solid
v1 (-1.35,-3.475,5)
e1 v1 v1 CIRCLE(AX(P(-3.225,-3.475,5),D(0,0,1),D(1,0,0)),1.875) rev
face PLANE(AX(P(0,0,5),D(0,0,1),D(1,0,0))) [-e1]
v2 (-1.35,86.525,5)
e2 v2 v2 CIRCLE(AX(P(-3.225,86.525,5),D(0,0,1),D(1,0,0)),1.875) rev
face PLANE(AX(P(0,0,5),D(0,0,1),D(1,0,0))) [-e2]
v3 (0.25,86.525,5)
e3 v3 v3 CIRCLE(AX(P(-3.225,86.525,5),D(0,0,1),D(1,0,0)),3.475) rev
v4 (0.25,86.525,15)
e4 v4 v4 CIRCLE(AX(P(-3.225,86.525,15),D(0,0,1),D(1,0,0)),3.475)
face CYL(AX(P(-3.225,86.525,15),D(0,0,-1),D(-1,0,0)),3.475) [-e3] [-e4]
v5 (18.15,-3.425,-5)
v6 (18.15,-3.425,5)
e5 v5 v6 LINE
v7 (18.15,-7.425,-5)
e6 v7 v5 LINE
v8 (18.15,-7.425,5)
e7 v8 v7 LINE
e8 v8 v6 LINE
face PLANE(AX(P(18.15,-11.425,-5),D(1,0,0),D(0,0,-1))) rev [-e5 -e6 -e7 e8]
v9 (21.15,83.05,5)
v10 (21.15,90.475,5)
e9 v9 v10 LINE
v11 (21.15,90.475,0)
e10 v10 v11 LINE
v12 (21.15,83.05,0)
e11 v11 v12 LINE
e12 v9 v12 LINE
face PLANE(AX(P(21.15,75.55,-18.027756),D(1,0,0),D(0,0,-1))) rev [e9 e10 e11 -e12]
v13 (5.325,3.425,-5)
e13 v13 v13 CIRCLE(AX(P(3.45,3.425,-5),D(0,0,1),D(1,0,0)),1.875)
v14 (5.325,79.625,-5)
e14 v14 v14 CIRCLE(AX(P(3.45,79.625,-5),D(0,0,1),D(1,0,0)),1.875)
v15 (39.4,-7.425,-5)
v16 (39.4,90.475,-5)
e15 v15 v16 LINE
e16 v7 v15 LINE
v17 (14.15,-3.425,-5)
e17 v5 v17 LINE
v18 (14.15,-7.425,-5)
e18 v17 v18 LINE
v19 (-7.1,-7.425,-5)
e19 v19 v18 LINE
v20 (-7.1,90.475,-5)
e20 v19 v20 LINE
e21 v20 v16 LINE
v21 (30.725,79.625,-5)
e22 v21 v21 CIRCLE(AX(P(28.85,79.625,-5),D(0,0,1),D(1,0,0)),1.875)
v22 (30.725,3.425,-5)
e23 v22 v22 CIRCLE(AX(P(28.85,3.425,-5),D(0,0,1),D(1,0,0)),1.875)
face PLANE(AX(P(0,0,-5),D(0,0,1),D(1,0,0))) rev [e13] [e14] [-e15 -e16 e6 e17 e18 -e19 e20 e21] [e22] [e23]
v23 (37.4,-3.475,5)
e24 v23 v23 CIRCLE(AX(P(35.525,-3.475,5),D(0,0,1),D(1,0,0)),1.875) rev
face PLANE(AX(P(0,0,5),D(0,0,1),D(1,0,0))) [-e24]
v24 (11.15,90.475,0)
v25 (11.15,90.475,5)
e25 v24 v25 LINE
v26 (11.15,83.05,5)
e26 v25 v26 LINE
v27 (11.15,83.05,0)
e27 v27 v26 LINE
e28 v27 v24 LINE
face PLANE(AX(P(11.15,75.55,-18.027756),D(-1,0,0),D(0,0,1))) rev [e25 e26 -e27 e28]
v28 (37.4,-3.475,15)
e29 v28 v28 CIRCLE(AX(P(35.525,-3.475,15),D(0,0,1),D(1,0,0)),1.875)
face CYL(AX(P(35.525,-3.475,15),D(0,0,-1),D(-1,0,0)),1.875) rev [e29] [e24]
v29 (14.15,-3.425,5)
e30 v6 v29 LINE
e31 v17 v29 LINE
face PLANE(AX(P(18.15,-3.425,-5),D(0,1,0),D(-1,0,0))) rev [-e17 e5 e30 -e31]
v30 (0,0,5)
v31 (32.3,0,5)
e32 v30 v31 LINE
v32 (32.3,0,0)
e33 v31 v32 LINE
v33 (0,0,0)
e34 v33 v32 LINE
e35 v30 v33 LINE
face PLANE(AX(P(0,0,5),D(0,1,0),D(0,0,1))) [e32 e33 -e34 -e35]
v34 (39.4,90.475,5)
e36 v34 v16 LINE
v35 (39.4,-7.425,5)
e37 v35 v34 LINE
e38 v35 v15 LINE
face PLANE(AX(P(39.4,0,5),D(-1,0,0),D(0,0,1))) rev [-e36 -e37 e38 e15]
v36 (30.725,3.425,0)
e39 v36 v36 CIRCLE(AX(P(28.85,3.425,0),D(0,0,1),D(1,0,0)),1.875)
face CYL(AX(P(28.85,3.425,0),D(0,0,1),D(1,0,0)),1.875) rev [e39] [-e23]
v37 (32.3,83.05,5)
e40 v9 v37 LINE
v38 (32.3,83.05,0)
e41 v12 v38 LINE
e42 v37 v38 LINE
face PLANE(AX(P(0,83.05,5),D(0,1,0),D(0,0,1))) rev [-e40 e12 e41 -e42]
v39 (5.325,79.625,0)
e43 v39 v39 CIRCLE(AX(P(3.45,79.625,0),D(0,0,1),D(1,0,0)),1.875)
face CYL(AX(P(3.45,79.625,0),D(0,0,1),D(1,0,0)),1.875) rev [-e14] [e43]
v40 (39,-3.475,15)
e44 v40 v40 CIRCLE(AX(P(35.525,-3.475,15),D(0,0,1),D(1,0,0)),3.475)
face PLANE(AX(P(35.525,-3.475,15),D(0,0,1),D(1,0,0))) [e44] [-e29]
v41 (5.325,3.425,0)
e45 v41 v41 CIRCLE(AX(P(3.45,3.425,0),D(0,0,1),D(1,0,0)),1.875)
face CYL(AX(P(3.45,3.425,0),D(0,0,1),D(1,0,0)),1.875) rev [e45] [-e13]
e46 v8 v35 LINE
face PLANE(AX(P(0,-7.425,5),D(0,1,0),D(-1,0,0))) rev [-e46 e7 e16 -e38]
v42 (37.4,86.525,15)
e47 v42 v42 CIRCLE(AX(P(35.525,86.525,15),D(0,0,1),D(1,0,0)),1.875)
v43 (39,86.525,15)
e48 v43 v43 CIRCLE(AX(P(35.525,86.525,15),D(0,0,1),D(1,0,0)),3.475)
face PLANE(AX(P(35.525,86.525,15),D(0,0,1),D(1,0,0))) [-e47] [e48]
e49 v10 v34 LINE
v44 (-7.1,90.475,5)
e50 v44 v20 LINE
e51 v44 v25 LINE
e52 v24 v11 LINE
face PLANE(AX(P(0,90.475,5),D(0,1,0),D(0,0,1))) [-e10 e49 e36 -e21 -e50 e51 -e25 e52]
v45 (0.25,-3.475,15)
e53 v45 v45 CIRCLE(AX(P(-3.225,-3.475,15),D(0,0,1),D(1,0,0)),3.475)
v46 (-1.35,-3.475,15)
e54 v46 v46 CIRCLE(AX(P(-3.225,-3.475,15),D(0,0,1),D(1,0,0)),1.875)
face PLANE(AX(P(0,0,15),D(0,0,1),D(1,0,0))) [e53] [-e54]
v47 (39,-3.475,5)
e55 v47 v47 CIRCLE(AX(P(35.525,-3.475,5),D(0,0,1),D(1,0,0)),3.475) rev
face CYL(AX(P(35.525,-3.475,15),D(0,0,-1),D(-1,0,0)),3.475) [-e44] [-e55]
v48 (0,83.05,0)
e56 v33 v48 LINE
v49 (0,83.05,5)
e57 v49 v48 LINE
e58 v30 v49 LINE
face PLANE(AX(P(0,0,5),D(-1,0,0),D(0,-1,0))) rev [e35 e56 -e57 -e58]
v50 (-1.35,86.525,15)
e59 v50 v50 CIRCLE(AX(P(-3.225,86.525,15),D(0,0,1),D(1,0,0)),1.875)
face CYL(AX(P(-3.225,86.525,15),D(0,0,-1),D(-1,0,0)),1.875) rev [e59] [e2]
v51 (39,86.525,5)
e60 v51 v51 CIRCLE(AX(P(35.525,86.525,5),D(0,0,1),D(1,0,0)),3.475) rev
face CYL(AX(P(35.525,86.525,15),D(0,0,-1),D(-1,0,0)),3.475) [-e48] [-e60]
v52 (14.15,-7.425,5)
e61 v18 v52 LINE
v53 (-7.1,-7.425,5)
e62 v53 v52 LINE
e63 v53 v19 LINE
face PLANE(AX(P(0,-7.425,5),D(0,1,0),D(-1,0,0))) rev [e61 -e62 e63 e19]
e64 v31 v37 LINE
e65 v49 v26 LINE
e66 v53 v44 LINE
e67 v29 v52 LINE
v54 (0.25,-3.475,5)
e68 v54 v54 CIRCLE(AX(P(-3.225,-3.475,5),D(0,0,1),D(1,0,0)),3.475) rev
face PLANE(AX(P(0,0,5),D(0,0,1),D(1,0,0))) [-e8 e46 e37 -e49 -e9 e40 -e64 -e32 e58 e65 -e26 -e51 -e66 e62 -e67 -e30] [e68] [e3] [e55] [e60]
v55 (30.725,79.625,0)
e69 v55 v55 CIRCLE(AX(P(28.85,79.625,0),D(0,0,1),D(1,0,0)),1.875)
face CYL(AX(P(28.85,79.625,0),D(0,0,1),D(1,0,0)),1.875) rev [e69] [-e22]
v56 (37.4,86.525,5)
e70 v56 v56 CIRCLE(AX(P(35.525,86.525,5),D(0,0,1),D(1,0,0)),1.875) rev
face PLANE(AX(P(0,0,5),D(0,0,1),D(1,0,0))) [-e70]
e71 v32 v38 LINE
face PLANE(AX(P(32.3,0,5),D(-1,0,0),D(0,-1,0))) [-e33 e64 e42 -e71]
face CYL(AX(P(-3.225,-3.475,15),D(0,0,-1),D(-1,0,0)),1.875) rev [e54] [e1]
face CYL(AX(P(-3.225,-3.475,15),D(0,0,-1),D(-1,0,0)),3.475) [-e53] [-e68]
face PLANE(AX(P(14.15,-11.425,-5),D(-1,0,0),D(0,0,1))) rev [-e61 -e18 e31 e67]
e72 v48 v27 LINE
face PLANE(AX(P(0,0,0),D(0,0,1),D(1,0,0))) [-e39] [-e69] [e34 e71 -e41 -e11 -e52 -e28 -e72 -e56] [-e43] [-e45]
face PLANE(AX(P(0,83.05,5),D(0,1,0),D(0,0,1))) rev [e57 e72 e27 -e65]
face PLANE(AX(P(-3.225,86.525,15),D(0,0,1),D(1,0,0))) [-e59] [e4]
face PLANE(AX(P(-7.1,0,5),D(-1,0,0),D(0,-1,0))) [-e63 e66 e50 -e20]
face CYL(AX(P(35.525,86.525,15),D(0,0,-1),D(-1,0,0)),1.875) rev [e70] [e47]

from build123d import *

# Parameters (mm, degrees)
SKETCH2_W                   = 46.5
SKETCH2_H                   = 97.9
SKETCH2_W_2                 = 32.3
SKETCH2_H_2                 = 83.05
BOSS_EXTRUDE1_DEPTH         = 5
SKETCH2_4_W                 = 32.3
SKETCH2_4_H                 = 83.05
SKETCH2_4_W_2               = 25.4
SKETCH2_4_H_2               = 76.2
BOSS_EXTRUDE2_DEPTH         = 5
TAP_DRILL_FOR_M3X0_5_TAP1_D = 3.75
SKETCH7_R                   = 3.475
SKETCH7_R_2                 = 1.875
BOSS_EXTRUDE5_DEPTH         = 15
BOSS_EXTRUDE4_DEPTH         = 97.55
CUT_EXTRUDE1_DEPTH          = 112.426738894
CUT_EXTRUDE1_DEPTH_BACK     = 112.426738894
CUT_EXTRUDE2_DEPTH          = 100.18712429
CUT_EXTRUDE2_DEPTH_BACK     = 5
SKETCH11_W                  = 10
SKETCH11_H                  = 15
SKETCH12_W                  = 4
SKETCH12_H                  = 8
CUT_EXTRUDE3_DEPTH          = 100.18712429


with BuildPart() as part:
    # Sketch2 → Boss-Extrude1 (new, symmetric)
    with BuildSketch(Plane.XY):
        with Locations((16.15, 41.525)):
            Rectangle(SKETCH2_W, SKETCH2_H)
        with Locations((16.15, 41.525)):
            Rectangle(SKETCH2_W_2, SKETCH2_H_2, mode=Mode.SUBTRACT)
    extrude(amount=BOSS_EXTRUDE1_DEPTH, both=True)

    # Sketch2<4> → Boss-Extrude2 (add)
    # profile 1 of 2: a face of its own
    with BuildSketch(Plane.XY):
        with Locations((16.15, 41.525)):
            Rectangle(SKETCH2_4_W, SKETCH2_4_H)
        with Locations((16.15, 41.525)):
            Rectangle(SKETCH2_4_W_2, SKETCH2_4_H_2, mode=Mode.SUBTRACT)
    # profile 2 of 2: a face of its own
    with BuildSketch(Plane.XY):
        with Locations((16.15, 41.525)):
            Rectangle(SKETCH2_4_W_2, SKETCH2_4_H_2)
    extrude(amount=-BOSS_EXTRUDE2_DEPTH)

    # Tap Drill for M3x0.5 Tap1 (through all)
    with Locations(Plane.XY):
        with Locations((3.45, 79.625), (28.85, 79.625), (3.45, 3.425), (28.85, 3.425)):
            Hole(TAP_DRILL_FOR_M3X0_5_TAP1_D / 2)

    # Sketch7 → Boss-Extrude5 (add)
    # profile 1 of 4: a face of its own
    with BuildSketch(Plane.XY):
        with Locations((-3.225, 86.525)):
            Circle(SKETCH7_R)
        with Locations((-3.225, 86.525)):
            Circle(SKETCH7_R_2, mode=Mode.SUBTRACT)
    # profile 2 of 4: a face of its own
    with BuildSketch(Plane.XY):
        with Locations((35.525, 86.525)):
            Circle(SKETCH7_R)
        with Locations((35.525, 86.525)):
            Circle(SKETCH7_R_2, mode=Mode.SUBTRACT)
    # profile 3 of 4: a face of its own
    with BuildSketch(Plane.XY):
        with Locations((-3.225, -3.475)):
            Circle(SKETCH7_R)
        with Locations((-3.225, -3.475)):
            Circle(SKETCH7_R_2, mode=Mode.SUBTRACT)
    # profile 4 of 4: a face of its own
    with BuildSketch(Plane.XY):
        with Locations((35.525, -3.475)):
            Circle(SKETCH7_R)
        with Locations((35.525, -3.475)):
            Circle(SKETCH7_R_2, mode=Mode.SUBTRACT)
    extrude(amount=BOSS_EXTRUDE5_DEPTH)

    # Sketch11 → Cut-Extrude2 (cut, two sides: drawn at the far end of the back side and taken through both)
    with BuildSketch(Plane.XY.offset(5).offset(-CUT_EXTRUDE2_DEPTH_BACK)):
        with Locations((16.15, 83.05)):
            Rectangle(SKETCH11_W, SKETCH11_H)
    extrude(amount=CUT_EXTRUDE2_DEPTH + CUT_EXTRUDE2_DEPTH_BACK, mode=Mode.SUBTRACT)

    # Sketch12 → Cut-Extrude3 (cut, through all)
    with BuildSketch(Plane.XY.offset(5)):
        with Locations((16.15, -7.425)):
            Rectangle(SKETCH12_W, SKETCH12_H)
    extrude(amount=-CUT_EXTRUDE3_DEPTH, mode=Mode.SUBTRACT)


with BuildPart() as body_2:
    # Sketch6 → Boss-Extrude4 (new body)
    with BuildSketch(Plane(origin=(0, 90.475, 0), x_dir=(1, 0, 0), z_dir=(0, 1, 0))):
        with BuildLine():
            Line((-12.283937642, -5.441846212), (-12.33484351, -5.441846212))
            ThreePointArc((-12.33484351, -5.441846212), (16.097911959, -28.999953221), (44.615111123, -5.544136432))
            Line((44.615111123, -5.544136432), (44.564169902, -5.544136432))
            ThreePointArc((44.564169902, -5.544136432), (16.097908608, -28.949953134), (-12.283937642, -5.441846212))
        make_face()
    extrude(amount=-BOSS_EXTRUDE4_DEPTH)

    # Sketch6<2> → Cut-Extrude1 (cut, two sides: drawn at the far end of the back side and taken through both)
    with BuildSketch(Plane(origin=(0, 90.475, 0), x_dir=(1, 0, 0), z_dir=(0, 1, 0)).offset(-CUT_EXTRUDE1_DEPTH_BACK)):
        with BuildLine():
            Line((-12.283937642, -5.441846212), (-12.33484351, -5.441846212))
            ThreePointArc((-12.33484351, -5.441846212), (16.097911959, -28.999953221), (44.615111123, -5.544136432))
            Line((44.615111123, -5.544136432), (44.564169902, -5.544136432))
            ThreePointArc((44.564169902, -5.544136432), (16.097908608, -28.949953134), (-12.283937642, -5.441846212))
        make_face()
    extrude(amount=CUT_EXTRUDE1_DEPTH + CUT_EXTRUDE1_DEPTH_BACK, mode=Mode.SUBTRACT)


solid = part.part
